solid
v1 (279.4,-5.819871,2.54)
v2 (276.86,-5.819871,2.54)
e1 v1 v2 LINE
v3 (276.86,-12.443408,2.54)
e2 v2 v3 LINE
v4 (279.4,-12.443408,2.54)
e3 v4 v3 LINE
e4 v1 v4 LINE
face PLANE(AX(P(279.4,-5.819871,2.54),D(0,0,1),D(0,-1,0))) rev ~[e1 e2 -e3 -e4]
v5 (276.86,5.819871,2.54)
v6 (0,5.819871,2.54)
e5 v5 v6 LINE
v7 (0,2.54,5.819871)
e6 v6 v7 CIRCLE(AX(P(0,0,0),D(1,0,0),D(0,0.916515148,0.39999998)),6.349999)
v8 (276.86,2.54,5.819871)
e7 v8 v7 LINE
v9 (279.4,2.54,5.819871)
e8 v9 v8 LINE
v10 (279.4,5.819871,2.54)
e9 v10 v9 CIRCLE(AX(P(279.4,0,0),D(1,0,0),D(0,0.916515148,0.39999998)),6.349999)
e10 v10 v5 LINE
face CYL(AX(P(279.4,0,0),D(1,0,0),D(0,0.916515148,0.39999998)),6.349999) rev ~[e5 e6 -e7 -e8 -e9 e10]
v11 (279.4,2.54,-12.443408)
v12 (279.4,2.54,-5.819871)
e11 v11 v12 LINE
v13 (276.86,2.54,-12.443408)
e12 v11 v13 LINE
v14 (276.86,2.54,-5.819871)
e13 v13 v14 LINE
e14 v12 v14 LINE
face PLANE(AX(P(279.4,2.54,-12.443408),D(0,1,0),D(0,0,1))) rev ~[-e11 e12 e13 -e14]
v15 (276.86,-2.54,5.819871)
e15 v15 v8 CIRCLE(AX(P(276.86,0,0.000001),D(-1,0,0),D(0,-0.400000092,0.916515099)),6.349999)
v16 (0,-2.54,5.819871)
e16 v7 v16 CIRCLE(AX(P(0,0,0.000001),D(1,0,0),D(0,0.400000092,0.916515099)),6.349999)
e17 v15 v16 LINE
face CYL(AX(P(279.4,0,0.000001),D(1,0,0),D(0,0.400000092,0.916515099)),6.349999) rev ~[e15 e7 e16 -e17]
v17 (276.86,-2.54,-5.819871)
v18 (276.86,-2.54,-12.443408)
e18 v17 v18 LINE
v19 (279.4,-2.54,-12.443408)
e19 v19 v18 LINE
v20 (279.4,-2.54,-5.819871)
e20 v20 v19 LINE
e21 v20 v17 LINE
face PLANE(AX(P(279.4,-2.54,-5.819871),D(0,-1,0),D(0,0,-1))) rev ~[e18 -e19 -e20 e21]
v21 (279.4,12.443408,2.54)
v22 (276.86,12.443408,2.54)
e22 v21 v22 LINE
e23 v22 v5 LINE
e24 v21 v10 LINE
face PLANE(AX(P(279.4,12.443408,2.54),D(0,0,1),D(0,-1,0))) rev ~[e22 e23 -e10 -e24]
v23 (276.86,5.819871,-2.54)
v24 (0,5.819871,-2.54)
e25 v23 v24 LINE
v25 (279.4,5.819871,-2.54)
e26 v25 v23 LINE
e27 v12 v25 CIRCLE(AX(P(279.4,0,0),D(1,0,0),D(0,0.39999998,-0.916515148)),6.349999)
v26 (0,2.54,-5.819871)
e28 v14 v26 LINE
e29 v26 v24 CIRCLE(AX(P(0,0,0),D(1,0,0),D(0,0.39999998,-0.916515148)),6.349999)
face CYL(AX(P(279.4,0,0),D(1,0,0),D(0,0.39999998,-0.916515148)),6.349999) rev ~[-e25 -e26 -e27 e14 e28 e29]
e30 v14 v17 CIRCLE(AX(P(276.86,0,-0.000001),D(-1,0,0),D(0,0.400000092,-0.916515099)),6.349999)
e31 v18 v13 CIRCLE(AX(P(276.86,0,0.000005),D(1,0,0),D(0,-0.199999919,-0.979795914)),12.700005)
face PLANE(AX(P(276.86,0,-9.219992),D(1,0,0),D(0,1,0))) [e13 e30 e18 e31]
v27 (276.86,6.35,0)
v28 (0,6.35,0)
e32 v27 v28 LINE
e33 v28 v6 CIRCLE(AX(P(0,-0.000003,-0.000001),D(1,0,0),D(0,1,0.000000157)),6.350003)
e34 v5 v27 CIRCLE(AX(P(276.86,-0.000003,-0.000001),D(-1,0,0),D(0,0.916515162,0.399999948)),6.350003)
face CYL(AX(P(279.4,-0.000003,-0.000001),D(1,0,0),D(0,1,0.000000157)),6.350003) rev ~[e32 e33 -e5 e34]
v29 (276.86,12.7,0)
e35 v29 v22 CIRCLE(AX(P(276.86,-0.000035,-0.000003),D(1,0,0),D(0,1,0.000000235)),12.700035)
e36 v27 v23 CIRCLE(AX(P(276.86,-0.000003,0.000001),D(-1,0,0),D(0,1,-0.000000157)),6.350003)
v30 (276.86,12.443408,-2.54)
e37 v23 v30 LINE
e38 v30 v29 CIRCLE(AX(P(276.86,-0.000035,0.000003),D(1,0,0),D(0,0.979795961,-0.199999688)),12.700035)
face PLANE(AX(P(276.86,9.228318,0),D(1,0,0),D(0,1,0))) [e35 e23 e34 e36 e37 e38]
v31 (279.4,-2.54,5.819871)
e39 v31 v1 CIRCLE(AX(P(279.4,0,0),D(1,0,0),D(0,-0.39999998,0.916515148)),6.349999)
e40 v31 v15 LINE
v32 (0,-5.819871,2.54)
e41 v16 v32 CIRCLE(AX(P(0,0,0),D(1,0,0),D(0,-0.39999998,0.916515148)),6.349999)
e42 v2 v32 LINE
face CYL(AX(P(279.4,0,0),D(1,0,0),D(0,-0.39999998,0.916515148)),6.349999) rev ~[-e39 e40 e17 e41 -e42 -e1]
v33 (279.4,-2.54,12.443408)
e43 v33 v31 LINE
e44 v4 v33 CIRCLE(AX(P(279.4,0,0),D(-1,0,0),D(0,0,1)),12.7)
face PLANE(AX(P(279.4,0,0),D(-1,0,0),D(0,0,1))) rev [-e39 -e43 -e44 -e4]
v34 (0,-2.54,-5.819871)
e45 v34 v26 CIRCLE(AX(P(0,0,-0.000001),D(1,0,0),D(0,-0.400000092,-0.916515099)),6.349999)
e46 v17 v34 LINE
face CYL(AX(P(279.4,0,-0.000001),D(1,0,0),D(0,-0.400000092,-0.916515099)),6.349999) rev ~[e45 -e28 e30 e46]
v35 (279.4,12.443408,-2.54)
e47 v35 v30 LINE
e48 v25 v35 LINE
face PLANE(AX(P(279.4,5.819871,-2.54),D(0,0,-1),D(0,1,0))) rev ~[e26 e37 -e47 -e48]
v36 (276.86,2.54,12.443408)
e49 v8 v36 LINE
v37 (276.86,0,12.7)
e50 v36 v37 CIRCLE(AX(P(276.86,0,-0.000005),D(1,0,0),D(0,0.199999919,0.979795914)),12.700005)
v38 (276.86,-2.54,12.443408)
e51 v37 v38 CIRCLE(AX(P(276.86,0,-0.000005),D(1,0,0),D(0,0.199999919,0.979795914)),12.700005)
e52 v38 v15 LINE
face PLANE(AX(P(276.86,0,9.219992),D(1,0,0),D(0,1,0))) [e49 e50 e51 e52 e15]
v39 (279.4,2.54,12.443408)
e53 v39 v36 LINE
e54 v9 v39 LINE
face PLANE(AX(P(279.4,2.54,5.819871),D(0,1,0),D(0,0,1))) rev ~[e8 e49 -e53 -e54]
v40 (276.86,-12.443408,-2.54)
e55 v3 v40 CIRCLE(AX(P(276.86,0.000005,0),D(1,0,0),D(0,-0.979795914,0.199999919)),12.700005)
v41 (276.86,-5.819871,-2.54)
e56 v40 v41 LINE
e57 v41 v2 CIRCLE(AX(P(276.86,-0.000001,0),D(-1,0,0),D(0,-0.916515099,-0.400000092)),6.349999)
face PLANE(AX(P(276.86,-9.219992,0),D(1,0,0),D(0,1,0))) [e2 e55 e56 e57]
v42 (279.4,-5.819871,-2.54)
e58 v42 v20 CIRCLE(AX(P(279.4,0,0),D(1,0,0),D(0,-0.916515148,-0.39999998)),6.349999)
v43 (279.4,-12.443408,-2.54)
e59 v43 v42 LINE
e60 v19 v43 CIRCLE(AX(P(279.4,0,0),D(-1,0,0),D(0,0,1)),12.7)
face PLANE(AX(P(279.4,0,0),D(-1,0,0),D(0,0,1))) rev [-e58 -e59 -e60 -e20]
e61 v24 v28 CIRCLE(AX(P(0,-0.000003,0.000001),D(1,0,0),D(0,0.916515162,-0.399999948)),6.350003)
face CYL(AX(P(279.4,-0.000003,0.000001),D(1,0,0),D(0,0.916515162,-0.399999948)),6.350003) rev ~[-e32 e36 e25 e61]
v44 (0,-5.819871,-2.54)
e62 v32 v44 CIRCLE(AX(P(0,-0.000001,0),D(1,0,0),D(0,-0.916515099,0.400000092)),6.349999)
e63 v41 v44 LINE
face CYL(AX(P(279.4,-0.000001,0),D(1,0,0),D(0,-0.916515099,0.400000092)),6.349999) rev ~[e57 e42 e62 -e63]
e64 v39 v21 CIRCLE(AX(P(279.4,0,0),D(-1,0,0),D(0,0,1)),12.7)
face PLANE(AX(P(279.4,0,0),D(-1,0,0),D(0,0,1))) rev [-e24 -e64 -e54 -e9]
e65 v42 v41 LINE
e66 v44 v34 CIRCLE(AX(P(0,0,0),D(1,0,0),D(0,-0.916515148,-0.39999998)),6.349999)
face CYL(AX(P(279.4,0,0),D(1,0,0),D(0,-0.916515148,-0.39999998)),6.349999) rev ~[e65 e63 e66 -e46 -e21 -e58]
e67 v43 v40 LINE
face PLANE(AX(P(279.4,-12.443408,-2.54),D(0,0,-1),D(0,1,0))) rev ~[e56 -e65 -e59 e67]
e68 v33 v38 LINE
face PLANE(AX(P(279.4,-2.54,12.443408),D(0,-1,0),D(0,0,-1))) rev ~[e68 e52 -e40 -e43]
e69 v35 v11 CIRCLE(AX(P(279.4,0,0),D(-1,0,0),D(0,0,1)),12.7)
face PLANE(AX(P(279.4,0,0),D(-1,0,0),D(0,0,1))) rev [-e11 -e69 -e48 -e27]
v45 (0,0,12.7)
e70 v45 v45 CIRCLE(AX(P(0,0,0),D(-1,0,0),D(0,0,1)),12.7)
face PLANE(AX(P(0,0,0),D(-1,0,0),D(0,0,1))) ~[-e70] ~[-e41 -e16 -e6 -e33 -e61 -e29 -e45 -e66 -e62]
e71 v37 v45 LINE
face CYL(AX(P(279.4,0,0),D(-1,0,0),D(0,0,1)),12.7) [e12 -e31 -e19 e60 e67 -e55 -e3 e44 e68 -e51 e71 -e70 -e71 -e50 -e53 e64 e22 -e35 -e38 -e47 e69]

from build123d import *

# Parameters (mm, degrees)
F0_W     = 52.451
F0_H     = 12.7
F0_W_2   = 207.899
F0_W_3   = 19.05
F3_DEPTH = 2.54
F4_DEPTH = 279.401


with BuildPart() as f1:
    # F0 (on Front) → F1 (revolve)
    with BuildSketch(Plane.XZ):
        with Locations((26.2255, 6.35)):
            Rectangle(F0_W, F0_H)
        with Locations((156.4005, 6.35)):
            Rectangle(F0_W_2, F0_H)
        with Locations((269.875, 6.35)):
            Rectangle(F0_W_3, F0_H)
    revolve(axis=Axis((26.2255, 0, 0), (-1, 0, 0)))

    # F2 (on face) → F3 (cut)
    with BuildSketch(Plane.YZ.offset(279.4)):
        with BuildLine():
            Line((2.54, 5.819871), (2.54, 12.443408))
            ThreePointArc((2.54, 12.443408), (0, 12.7), (-2.54, 12.443408))
            Line((-2.54, 12.443408), (-2.54, 5.819871))
            ThreePointArc((-2.54, 5.819871), (0, 6.35), (2.54, 5.819871))
        make_face()
        with BuildLine():
            Line((-5.819871, 2.54), (-12.443408, 2.54))
            ThreePointArc((-12.443408, 2.54), (-12.7, 0), (-12.443408, -2.54))
            Line((-12.443408, -2.54), (-5.819871, -2.54))
            ThreePointArc((-5.819871, -2.54), (-6.35, 0), (-5.819871, 2.54))
        make_face()
        with BuildLine():
            ThreePointArc((12.443408, -2.54), (12.635689, -1.276464), (12.7, 0))
            ThreePointArc((12.7, 0), (12.635689, 1.276464), (12.443408, 2.54))
            Line((12.443408, 2.54), (5.819871, 2.54))
            ThreePointArc((5.819871, 2.54), (6.216055, 1.297366), (6.35, 0))
            ThreePointArc((6.35, 0), (6.216055, -1.297366), (5.819871, -2.54))
            Line((5.819871, -2.54), (12.443408, -2.54))
        make_face()
        with BuildLine():
            ThreePointArc((-2.54, -12.443408), (0, -12.7), (2.54, -12.443408))
            Line((2.54, -12.443408), (2.54, -5.819871))
            ThreePointArc((2.54, -5.819871), (0, -6.35), (-2.54, -5.819871))
            Line((-2.54, -5.819871), (-2.54, -12.443408))
        make_face()
    extrude(amount=-F3_DEPTH, mode=Mode.SUBTRACT)

    # F2 (on face) → F4 (cut, through all)
    with BuildSketch(Plane.YZ.offset(279.4)):
        with BuildLine():
            ThreePointArc((6.35, 0), (6.216055, 1.297366), (5.819871, 2.54))
            ThreePointArc((5.819871, 2.54), (4.490128, 4.490128), (2.54, 5.819871))
            ThreePointArc((2.54, 5.819871), (0, 6.35), (-2.54, 5.819871))
            ThreePointArc((-2.54, 5.819871), (-4.490128, 4.490128), (-5.819871, 2.54))
            ThreePointArc((-5.819871, 2.54), (-6.35, 0), (-5.819871, -2.54))
            ThreePointArc((-5.819871, -2.54), (-4.490128, -4.490128), (-2.54, -5.819871))
            ThreePointArc((-2.54, -5.819871), (0, -6.35), (2.54, -5.819871))
            ThreePointArc((2.54, -5.819871), (4.490128, -4.490128), (5.819871, -2.54))
            ThreePointArc((5.819871, -2.54), (6.216055, -1.297366), (6.35, 0))
        make_face()
    extrude(amount=-F4_DEPTH, mode=Mode.SUBTRACT)


solid = f1.part
